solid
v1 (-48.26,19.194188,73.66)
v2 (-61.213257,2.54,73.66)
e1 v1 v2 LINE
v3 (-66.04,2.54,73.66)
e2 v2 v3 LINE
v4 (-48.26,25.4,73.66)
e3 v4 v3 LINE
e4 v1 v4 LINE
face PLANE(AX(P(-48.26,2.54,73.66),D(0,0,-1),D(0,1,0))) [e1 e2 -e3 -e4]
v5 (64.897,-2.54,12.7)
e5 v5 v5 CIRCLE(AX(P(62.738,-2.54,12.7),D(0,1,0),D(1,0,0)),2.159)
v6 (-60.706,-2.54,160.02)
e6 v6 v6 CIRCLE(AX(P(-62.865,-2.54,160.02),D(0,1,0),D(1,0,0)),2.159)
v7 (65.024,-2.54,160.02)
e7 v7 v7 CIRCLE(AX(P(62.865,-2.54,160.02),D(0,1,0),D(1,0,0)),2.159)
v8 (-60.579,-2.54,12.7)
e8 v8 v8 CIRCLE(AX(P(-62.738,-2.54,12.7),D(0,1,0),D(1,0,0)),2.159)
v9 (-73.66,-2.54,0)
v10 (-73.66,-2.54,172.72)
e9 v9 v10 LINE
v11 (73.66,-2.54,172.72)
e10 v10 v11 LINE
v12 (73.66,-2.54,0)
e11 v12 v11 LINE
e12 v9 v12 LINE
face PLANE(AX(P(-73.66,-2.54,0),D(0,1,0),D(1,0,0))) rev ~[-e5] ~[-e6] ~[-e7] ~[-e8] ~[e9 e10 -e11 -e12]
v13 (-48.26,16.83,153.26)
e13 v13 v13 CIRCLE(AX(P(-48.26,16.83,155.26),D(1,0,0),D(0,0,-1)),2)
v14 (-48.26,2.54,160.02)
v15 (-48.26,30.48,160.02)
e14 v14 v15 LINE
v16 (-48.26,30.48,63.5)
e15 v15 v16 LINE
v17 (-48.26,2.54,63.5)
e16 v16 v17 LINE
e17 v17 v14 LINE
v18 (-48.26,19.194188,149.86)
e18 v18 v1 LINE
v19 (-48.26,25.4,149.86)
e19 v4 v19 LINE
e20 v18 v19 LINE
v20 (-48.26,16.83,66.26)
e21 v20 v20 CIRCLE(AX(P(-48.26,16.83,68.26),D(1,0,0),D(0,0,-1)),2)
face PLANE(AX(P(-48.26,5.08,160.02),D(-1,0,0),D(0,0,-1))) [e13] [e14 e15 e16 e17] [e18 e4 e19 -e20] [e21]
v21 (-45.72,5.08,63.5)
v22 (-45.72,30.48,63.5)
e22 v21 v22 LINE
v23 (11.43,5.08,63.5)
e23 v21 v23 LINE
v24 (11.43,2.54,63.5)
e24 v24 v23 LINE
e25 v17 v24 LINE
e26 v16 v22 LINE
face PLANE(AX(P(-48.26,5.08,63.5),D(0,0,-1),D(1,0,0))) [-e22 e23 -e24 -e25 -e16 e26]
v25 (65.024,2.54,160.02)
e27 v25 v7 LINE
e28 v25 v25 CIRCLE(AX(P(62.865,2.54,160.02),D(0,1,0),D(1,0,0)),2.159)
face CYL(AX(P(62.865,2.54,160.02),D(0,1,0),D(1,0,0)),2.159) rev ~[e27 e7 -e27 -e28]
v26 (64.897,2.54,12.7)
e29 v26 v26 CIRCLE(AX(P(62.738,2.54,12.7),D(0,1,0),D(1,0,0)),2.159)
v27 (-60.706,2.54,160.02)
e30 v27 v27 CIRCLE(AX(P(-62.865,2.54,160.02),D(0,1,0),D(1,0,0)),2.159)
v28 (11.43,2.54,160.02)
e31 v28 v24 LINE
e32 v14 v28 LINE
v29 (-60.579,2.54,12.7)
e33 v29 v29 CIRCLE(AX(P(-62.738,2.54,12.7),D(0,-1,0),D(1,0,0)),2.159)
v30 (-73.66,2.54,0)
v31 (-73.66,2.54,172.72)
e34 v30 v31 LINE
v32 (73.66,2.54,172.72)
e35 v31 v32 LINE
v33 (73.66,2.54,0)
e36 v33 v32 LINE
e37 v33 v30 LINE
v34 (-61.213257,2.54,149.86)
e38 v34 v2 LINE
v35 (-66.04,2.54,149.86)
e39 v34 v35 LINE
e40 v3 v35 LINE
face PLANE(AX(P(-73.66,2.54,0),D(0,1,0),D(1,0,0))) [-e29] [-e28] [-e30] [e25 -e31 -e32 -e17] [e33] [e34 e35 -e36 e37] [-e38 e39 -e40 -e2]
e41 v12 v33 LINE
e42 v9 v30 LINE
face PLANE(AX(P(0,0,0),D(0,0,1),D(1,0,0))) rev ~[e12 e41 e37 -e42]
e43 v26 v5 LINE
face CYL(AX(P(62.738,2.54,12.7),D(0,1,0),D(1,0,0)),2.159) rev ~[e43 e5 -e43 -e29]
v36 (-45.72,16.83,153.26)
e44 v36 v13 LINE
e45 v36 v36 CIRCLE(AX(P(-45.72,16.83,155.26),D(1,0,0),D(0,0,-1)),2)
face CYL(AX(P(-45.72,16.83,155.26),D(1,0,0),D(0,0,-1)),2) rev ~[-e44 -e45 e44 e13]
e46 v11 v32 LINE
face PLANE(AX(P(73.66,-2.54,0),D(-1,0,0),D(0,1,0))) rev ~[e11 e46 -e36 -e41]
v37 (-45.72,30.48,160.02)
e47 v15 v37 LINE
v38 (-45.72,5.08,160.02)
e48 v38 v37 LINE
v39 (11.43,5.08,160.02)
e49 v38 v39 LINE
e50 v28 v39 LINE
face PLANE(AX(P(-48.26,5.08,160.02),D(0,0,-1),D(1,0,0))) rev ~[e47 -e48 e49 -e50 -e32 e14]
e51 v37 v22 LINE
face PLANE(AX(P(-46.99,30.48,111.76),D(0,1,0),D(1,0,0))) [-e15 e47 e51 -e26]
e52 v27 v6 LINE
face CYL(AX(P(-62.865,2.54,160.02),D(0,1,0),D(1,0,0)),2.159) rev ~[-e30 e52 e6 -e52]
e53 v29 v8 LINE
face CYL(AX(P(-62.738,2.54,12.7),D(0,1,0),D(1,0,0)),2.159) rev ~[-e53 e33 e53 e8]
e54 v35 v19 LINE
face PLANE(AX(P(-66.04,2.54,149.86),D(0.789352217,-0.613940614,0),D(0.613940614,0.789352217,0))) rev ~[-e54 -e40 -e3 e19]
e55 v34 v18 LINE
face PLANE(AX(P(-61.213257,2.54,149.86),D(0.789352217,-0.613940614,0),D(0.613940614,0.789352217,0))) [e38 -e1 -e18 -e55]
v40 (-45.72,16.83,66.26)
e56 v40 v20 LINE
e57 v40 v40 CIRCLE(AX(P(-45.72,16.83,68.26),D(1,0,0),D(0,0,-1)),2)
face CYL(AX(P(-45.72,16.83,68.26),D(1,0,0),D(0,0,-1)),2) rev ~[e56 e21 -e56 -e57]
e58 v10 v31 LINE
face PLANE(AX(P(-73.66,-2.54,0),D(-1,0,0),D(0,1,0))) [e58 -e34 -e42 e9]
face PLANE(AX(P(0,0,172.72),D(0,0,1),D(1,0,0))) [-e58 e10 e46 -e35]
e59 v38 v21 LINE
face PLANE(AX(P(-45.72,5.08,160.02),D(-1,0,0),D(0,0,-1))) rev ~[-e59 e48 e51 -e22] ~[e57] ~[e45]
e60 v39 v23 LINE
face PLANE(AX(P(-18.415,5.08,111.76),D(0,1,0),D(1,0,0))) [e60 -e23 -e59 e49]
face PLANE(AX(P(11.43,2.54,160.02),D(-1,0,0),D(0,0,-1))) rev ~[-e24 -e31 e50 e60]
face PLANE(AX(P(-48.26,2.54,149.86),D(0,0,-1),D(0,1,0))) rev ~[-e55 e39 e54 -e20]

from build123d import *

# Parameters (mm, degrees)
SKETCH1_W           = 147.32
SKETCH1_H           = 5.08
BOSS_EXTRUDE1_DEPTH = 172.72
SKETCH2_R           = 2.159
CUT_EXTRUDE1_DEPTH  = 6.08
SKETCH3_W           = 59.69
SKETCH3_H           = 96.52
BOSS_EXTRUDE2_DEPTH = 2.54
SKETCH4_W           = 2.54
SKETCH4_H           = 96.52
BOSS_EXTRUDE3_DEPTH = 25.4
SKETCH5_W           = 76.2
SKETCH5_H           = 22.86
BOSS_EXTRUDE4_DEPTH = 17.78
CUT_EXTRUDE2_DEPTH  = 150.86
SKETCH7_R           = 2
CUT_EXTRUDE3_DEPTH  = 28.94


with BuildPart() as part:
    # Sketch1 → Boss-Extrude1 (new body)
    with BuildSketch(Plane.XY):
        Rectangle(SKETCH1_W, SKETCH1_H)
    extrude(amount=BOSS_EXTRUDE1_DEPTH)

    # Sketch2 → Cut-Extrude1 (cut, through all)
    with BuildSketch(Plane(origin=(0, 2.54, 0), x_dir=(1, 0, 0), z_dir=(0, 1, 0))):
        with Locations((62.738, -12.7)):
            Circle(SKETCH2_R)
        with Locations((-62.865, -160.02)):
            Circle(SKETCH2_R)
        with Locations((62.865, -160.02)):
            Circle(SKETCH2_R)
        with Locations((-62.738, -12.7)):
            Circle(SKETCH2_R)
    extrude(amount=-CUT_EXTRUDE1_DEPTH, mode=Mode.SUBTRACT)

    # Sketch3 → Boss-Extrude2 (add)
    with BuildSketch(Plane(origin=(0, 2.54, 0), x_dir=(1, 0, 0), z_dir=(0, 1, 0))):
        with Locations((-18.415, -111.76)):
            Rectangle(SKETCH3_W, SKETCH3_H)
    extrude(amount=BOSS_EXTRUDE2_DEPTH)

    # Sketch4 → Boss-Extrude3 (add)
    with BuildSketch(Plane(origin=(0, 5.08, 0), x_dir=(1, 0, 0), z_dir=(0, 1, 0))):
        with Locations((-46.99, -111.76)):
            Rectangle(SKETCH4_W, SKETCH4_H)
    extrude(amount=BOSS_EXTRUDE3_DEPTH)

    # Sketch5 → Boss-Extrude4 (add)
    with BuildSketch(Plane.ZY.offset(48.26)):
        with Locations((111.76, 13.97)):
            Rectangle(SKETCH5_W, SKETCH5_H)
    extrude(amount=BOSS_EXTRUDE4_DEPTH)

    # Sketch6 → Cut-Extrude2 (cut, through all)
    with BuildSketch(Plane.XY.offset(149.86)):
        Polygon((-66.04, 2.54), (-48.26, 25.4), (-66.04, 25.4), align=None)
        Polygon((-61.213257367, 2.54), (-48.26, 19.194188043), (-48.26, 2.54), align=None)
    extrude(amount=-CUT_EXTRUDE2_DEPTH, mode=Mode.SUBTRACT)

    # Sketch7 → Cut-Extrude3 (cut, through all)
    with BuildSketch(Plane(origin=(-45.72, 0, 0), x_dir=(0, 0, -1), z_dir=(1, 0, 0))):
        with Locations((-155.26, 16.83)):
            Circle(SKETCH7_R)
        with Locations((-68.26, 16.83)):
            Circle(SKETCH7_R)
    extrude(amount=-CUT_EXTRUDE3_DEPTH, mode=Mode.SUBTRACT)


solid = part.part
